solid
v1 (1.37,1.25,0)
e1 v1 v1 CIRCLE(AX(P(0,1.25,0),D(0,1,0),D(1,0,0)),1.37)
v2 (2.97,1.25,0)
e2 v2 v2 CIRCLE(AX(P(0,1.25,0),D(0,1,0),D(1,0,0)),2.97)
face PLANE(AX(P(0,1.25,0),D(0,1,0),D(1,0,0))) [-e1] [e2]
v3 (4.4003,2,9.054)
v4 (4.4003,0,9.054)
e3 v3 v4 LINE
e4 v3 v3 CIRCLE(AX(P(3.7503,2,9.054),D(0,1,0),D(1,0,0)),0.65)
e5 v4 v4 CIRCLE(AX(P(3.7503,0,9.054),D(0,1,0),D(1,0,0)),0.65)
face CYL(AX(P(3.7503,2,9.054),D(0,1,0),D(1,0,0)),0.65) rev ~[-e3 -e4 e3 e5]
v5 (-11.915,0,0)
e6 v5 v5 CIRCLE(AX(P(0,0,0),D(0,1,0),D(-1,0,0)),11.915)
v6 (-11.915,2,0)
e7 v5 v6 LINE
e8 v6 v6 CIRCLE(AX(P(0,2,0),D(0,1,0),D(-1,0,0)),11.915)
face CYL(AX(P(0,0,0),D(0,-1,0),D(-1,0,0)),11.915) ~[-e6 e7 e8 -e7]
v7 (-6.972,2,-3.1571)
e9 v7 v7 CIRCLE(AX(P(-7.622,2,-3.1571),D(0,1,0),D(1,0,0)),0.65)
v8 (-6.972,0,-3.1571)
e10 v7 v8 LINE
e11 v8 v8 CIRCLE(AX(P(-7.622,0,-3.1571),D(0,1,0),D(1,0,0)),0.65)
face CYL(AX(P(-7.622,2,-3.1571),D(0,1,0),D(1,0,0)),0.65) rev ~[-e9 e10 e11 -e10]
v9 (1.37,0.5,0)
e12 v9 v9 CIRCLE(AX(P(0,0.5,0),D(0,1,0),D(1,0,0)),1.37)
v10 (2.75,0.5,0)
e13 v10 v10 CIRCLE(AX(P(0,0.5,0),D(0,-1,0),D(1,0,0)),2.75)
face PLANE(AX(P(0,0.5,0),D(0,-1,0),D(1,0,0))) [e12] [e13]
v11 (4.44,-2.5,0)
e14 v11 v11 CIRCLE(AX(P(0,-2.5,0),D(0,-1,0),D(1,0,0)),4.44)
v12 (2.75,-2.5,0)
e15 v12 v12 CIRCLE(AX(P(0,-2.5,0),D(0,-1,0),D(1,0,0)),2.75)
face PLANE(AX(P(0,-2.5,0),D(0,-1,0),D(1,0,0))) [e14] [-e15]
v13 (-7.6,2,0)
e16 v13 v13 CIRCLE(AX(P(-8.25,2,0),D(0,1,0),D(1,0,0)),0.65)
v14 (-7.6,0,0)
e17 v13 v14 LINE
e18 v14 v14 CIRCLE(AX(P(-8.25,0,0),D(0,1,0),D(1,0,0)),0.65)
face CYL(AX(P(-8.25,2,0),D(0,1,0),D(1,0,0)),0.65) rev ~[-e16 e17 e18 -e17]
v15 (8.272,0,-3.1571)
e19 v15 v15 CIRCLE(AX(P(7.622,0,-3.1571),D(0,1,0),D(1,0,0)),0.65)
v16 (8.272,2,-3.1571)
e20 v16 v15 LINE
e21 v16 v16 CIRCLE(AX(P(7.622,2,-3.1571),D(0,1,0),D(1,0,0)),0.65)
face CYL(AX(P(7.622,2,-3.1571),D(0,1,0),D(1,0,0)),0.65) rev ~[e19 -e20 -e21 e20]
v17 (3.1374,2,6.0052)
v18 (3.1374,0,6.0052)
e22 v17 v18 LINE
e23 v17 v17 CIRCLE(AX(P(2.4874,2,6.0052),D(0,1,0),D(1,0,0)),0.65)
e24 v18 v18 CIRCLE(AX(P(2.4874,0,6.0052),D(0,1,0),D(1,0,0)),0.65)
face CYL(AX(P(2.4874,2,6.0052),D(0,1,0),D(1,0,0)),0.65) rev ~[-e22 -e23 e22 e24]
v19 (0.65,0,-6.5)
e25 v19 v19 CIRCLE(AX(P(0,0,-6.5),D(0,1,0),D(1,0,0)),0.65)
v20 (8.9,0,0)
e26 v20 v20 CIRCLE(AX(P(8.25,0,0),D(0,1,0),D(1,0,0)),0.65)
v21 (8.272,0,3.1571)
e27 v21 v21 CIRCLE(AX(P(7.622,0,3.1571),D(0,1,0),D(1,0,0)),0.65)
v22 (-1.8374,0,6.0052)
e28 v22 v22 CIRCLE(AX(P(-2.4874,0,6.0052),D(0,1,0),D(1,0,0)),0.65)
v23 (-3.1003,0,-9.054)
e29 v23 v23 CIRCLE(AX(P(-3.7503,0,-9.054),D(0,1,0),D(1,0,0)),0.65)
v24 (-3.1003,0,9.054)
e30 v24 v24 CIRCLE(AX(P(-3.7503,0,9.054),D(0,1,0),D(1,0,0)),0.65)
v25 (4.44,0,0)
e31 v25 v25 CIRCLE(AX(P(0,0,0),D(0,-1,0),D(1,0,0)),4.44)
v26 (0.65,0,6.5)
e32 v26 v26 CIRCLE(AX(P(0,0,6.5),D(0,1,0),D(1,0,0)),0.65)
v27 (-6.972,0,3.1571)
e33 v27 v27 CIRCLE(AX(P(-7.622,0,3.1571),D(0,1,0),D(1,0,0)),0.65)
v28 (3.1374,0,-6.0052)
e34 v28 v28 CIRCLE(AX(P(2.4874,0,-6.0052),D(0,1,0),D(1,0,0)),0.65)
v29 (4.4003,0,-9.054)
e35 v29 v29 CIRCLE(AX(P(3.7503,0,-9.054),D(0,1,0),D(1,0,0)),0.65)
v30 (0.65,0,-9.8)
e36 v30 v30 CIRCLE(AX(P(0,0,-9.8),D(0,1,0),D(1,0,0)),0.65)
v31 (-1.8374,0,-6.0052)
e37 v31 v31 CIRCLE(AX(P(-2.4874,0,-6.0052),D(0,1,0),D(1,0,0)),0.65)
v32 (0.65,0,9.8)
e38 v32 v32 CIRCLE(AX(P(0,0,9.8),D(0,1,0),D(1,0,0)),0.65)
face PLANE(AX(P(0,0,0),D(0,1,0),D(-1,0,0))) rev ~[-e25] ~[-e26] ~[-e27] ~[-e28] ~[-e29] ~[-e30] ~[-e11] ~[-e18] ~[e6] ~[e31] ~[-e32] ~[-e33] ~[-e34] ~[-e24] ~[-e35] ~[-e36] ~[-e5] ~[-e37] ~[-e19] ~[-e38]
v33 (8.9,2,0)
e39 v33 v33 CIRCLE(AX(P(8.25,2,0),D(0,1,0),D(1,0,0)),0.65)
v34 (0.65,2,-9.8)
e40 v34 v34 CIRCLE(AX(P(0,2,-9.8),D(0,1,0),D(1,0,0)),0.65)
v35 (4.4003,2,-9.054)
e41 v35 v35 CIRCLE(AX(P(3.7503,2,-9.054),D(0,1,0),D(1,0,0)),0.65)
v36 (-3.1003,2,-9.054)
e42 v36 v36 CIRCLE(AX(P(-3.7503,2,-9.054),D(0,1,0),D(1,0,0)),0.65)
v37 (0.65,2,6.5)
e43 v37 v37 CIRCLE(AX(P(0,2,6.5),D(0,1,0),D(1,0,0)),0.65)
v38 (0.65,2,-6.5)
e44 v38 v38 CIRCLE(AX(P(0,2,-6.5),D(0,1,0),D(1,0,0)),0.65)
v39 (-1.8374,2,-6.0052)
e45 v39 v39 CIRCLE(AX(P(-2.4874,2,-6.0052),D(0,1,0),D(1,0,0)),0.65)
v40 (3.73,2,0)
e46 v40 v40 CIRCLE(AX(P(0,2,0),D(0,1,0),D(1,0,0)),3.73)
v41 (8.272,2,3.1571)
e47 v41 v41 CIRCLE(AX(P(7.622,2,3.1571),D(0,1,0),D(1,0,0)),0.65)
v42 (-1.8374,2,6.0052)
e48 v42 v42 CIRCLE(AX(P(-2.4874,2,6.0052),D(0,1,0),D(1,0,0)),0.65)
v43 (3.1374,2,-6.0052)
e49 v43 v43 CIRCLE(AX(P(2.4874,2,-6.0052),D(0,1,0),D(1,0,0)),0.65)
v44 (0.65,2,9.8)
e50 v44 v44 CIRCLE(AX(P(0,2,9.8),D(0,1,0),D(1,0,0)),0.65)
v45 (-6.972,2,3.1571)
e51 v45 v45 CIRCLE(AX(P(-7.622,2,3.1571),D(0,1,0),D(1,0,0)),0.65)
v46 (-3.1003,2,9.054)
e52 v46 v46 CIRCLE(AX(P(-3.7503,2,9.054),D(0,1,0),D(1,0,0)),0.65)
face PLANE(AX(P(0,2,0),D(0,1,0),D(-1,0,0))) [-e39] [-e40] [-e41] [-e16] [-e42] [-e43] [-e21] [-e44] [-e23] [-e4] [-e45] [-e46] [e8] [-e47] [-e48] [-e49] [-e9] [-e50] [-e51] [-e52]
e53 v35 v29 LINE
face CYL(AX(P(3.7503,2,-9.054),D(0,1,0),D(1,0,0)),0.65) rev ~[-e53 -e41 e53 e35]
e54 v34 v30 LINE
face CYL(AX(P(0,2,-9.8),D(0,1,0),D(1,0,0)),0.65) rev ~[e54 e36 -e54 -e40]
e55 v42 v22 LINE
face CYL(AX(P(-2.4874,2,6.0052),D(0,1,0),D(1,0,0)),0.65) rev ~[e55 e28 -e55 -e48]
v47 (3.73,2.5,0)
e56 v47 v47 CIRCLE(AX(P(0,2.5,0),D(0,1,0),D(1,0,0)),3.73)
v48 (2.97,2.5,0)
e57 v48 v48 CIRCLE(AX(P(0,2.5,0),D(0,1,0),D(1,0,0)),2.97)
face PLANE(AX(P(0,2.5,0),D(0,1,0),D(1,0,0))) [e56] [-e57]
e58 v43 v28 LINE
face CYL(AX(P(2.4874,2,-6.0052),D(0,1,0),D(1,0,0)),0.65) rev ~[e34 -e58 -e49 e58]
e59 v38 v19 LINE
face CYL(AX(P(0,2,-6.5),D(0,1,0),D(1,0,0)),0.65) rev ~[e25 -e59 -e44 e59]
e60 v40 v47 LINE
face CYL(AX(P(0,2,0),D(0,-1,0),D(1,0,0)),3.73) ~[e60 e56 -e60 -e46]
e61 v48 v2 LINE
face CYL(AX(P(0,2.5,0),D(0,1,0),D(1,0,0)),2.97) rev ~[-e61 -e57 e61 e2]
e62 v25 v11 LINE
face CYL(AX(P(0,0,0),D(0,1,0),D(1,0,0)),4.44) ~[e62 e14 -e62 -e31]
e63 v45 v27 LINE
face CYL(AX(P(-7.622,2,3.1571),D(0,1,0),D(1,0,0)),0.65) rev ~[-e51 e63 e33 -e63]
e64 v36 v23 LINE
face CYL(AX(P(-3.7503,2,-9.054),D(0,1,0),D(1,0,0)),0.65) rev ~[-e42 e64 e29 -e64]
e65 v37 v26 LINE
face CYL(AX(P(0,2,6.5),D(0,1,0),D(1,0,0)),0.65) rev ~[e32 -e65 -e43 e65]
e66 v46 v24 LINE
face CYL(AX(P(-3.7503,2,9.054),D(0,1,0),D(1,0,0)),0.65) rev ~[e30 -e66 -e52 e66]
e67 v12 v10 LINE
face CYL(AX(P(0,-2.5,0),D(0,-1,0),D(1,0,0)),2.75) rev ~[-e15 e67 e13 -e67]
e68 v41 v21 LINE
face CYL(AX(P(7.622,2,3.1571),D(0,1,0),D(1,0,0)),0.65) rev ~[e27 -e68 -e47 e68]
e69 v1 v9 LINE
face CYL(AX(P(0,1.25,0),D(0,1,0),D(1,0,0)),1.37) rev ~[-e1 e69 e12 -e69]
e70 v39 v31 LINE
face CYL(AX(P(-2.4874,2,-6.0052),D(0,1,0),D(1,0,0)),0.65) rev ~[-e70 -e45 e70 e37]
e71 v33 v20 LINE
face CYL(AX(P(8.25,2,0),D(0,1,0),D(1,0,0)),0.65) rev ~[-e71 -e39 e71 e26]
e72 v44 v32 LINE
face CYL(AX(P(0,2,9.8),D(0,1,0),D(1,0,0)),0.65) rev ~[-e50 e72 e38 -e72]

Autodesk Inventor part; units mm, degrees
ref_plane "YZ Plane" through (0, 0, 0) normal (1, 0, 0) x (0, 1, 0)
ref_plane "XZ Plane" through (0, 0, 0) normal (0, 1, 0) x (-1, 0, 0)
ref_plane "XY Plane" through (0, 0, 0) normal (0, 0, 1) x (1, 0, 0)
sketch "Sketch1" plane through (0, 0, 0) normal (0, 1, 0) x (-1, 0, 0)
  circle A0 centre (0, 0) radius 11.915
  dimension "d0" = 23.83
extrude "Extrusion1" add sketch "Sketch1" along normal blind 2
sketch "Sketch2" plane through (0, 2, 0) normal (0, 1, 0) x (1, 0, 0)
  circle A0 centre (0, 6.5) radius 0.65
  line L0 (0, 0) -> (6.5, 0) construction
  circle A1 centre (2.4874, 6.0052) radius 0.65
  circle A2 centre (8.25, 0) radius 0.65
  line L1 (0, 0) -> (8.25, 0) construction
  circle A3 centre (7.622, 3.1571) radius 0.65
  circle A4 centre (0, 9.8) radius 0.65
  line L2 (0, 0) -> (9.8, 0) construction
  circle A5 centre (3.7503, 9.054) radius 0.65
  circle A6 centre (0, 0) radius 11.915 projected
  circle A7 centre (-2.4874, 6.0052) radius 0.65
  circle A8 centre (-8.25, 0) radius 0.65
  circle A9 centre (-7.622, 3.1571) radius 0.65
  circle A10 centre (-3.7503, 9.054) radius 0.65
  circle A11 centre (0, -6.5) radius 0.65
  circle A12 centre (2.4874, -6.0052) radius 0.65
  circle A13 centre (7.622, -3.1571) radius 0.65
  circle A14 centre (0, -9.8) radius 0.65
  circle A15 centre (3.7503, -9.054) radius 0.65
  circle A16 centre (-3.7503, -9.054) radius 0.65
  circle A17 centre (-2.4874, -6.0052) radius 0.65
  circle A18 centre (-7.622, -3.1571) radius 0.65
  dimension "d5" = 1.3
  dimension "d8" = 1.3
  dimension "d10" = 1.3
  dimension "d13" = 1.3
  dimension "d15" = 1.3
  dimension "d18" = 1.3
extrude "Extrusion2" cut sketch "Sketch2" against normal blind 2 contours A0 | A1 | A2 | A3 | A4 | A5 | A7 | A8 | A9 | A10 | A11 | A12 | A13 | A14 | A15 | A16 | A17 | A18
sketch "Sketch3" plane through (0, 2, 0) normal (0, 1, 0) x (1, 0, 0)
  circle A0 centre (0, 0) radius 3.73
  dimension "d21" = 7.46
extrude "Extrusion3" add sketch "Sketch3" along normal blind 0.5
sketch "Sketch4" plane through (0, 2.5, 0) normal (0, 1, 0) x (1, 0, 0)
  circle A0 centre (0, 0) radius 2.97
  dimension "d24" = 5.94
extrude "Extrusion4" cut sketch "Sketch4" against normal blind 1.25
sketch "Sketch5" plane through (0, 1.25, 0) normal (0, 1, 0) x (1, 0, 0)
  circle A0 centre (0, 0) radius 1.37
  dimension "d27" = 2.74
extrude "Extrusion5" cut sketch "Sketch5" against normal blind 0.75
sketch "Sketch6" plane through (0, 0, 0) normal (0, -1, 0) x (1, 0, 0)
  circle A0 centre (0, 0) radius 4.44
  dimension "d30" = 8.88
extrude "Extrusion6" add sketch "Sketch6" along normal blind 2.5
sketch "Sketch7" plane through (0, -2.5, 0) normal (0, -1, 0) x (1, 0, 0)
  circle A0 centre (0, 0) radius 2.75
  dimension "d33" = 5.5
extrude "Extrusion7" cut sketch "Sketch7" against normal blind 3
properties part number "MMAE 232 Assignment 2_White Circle - Dylan Tamras"
